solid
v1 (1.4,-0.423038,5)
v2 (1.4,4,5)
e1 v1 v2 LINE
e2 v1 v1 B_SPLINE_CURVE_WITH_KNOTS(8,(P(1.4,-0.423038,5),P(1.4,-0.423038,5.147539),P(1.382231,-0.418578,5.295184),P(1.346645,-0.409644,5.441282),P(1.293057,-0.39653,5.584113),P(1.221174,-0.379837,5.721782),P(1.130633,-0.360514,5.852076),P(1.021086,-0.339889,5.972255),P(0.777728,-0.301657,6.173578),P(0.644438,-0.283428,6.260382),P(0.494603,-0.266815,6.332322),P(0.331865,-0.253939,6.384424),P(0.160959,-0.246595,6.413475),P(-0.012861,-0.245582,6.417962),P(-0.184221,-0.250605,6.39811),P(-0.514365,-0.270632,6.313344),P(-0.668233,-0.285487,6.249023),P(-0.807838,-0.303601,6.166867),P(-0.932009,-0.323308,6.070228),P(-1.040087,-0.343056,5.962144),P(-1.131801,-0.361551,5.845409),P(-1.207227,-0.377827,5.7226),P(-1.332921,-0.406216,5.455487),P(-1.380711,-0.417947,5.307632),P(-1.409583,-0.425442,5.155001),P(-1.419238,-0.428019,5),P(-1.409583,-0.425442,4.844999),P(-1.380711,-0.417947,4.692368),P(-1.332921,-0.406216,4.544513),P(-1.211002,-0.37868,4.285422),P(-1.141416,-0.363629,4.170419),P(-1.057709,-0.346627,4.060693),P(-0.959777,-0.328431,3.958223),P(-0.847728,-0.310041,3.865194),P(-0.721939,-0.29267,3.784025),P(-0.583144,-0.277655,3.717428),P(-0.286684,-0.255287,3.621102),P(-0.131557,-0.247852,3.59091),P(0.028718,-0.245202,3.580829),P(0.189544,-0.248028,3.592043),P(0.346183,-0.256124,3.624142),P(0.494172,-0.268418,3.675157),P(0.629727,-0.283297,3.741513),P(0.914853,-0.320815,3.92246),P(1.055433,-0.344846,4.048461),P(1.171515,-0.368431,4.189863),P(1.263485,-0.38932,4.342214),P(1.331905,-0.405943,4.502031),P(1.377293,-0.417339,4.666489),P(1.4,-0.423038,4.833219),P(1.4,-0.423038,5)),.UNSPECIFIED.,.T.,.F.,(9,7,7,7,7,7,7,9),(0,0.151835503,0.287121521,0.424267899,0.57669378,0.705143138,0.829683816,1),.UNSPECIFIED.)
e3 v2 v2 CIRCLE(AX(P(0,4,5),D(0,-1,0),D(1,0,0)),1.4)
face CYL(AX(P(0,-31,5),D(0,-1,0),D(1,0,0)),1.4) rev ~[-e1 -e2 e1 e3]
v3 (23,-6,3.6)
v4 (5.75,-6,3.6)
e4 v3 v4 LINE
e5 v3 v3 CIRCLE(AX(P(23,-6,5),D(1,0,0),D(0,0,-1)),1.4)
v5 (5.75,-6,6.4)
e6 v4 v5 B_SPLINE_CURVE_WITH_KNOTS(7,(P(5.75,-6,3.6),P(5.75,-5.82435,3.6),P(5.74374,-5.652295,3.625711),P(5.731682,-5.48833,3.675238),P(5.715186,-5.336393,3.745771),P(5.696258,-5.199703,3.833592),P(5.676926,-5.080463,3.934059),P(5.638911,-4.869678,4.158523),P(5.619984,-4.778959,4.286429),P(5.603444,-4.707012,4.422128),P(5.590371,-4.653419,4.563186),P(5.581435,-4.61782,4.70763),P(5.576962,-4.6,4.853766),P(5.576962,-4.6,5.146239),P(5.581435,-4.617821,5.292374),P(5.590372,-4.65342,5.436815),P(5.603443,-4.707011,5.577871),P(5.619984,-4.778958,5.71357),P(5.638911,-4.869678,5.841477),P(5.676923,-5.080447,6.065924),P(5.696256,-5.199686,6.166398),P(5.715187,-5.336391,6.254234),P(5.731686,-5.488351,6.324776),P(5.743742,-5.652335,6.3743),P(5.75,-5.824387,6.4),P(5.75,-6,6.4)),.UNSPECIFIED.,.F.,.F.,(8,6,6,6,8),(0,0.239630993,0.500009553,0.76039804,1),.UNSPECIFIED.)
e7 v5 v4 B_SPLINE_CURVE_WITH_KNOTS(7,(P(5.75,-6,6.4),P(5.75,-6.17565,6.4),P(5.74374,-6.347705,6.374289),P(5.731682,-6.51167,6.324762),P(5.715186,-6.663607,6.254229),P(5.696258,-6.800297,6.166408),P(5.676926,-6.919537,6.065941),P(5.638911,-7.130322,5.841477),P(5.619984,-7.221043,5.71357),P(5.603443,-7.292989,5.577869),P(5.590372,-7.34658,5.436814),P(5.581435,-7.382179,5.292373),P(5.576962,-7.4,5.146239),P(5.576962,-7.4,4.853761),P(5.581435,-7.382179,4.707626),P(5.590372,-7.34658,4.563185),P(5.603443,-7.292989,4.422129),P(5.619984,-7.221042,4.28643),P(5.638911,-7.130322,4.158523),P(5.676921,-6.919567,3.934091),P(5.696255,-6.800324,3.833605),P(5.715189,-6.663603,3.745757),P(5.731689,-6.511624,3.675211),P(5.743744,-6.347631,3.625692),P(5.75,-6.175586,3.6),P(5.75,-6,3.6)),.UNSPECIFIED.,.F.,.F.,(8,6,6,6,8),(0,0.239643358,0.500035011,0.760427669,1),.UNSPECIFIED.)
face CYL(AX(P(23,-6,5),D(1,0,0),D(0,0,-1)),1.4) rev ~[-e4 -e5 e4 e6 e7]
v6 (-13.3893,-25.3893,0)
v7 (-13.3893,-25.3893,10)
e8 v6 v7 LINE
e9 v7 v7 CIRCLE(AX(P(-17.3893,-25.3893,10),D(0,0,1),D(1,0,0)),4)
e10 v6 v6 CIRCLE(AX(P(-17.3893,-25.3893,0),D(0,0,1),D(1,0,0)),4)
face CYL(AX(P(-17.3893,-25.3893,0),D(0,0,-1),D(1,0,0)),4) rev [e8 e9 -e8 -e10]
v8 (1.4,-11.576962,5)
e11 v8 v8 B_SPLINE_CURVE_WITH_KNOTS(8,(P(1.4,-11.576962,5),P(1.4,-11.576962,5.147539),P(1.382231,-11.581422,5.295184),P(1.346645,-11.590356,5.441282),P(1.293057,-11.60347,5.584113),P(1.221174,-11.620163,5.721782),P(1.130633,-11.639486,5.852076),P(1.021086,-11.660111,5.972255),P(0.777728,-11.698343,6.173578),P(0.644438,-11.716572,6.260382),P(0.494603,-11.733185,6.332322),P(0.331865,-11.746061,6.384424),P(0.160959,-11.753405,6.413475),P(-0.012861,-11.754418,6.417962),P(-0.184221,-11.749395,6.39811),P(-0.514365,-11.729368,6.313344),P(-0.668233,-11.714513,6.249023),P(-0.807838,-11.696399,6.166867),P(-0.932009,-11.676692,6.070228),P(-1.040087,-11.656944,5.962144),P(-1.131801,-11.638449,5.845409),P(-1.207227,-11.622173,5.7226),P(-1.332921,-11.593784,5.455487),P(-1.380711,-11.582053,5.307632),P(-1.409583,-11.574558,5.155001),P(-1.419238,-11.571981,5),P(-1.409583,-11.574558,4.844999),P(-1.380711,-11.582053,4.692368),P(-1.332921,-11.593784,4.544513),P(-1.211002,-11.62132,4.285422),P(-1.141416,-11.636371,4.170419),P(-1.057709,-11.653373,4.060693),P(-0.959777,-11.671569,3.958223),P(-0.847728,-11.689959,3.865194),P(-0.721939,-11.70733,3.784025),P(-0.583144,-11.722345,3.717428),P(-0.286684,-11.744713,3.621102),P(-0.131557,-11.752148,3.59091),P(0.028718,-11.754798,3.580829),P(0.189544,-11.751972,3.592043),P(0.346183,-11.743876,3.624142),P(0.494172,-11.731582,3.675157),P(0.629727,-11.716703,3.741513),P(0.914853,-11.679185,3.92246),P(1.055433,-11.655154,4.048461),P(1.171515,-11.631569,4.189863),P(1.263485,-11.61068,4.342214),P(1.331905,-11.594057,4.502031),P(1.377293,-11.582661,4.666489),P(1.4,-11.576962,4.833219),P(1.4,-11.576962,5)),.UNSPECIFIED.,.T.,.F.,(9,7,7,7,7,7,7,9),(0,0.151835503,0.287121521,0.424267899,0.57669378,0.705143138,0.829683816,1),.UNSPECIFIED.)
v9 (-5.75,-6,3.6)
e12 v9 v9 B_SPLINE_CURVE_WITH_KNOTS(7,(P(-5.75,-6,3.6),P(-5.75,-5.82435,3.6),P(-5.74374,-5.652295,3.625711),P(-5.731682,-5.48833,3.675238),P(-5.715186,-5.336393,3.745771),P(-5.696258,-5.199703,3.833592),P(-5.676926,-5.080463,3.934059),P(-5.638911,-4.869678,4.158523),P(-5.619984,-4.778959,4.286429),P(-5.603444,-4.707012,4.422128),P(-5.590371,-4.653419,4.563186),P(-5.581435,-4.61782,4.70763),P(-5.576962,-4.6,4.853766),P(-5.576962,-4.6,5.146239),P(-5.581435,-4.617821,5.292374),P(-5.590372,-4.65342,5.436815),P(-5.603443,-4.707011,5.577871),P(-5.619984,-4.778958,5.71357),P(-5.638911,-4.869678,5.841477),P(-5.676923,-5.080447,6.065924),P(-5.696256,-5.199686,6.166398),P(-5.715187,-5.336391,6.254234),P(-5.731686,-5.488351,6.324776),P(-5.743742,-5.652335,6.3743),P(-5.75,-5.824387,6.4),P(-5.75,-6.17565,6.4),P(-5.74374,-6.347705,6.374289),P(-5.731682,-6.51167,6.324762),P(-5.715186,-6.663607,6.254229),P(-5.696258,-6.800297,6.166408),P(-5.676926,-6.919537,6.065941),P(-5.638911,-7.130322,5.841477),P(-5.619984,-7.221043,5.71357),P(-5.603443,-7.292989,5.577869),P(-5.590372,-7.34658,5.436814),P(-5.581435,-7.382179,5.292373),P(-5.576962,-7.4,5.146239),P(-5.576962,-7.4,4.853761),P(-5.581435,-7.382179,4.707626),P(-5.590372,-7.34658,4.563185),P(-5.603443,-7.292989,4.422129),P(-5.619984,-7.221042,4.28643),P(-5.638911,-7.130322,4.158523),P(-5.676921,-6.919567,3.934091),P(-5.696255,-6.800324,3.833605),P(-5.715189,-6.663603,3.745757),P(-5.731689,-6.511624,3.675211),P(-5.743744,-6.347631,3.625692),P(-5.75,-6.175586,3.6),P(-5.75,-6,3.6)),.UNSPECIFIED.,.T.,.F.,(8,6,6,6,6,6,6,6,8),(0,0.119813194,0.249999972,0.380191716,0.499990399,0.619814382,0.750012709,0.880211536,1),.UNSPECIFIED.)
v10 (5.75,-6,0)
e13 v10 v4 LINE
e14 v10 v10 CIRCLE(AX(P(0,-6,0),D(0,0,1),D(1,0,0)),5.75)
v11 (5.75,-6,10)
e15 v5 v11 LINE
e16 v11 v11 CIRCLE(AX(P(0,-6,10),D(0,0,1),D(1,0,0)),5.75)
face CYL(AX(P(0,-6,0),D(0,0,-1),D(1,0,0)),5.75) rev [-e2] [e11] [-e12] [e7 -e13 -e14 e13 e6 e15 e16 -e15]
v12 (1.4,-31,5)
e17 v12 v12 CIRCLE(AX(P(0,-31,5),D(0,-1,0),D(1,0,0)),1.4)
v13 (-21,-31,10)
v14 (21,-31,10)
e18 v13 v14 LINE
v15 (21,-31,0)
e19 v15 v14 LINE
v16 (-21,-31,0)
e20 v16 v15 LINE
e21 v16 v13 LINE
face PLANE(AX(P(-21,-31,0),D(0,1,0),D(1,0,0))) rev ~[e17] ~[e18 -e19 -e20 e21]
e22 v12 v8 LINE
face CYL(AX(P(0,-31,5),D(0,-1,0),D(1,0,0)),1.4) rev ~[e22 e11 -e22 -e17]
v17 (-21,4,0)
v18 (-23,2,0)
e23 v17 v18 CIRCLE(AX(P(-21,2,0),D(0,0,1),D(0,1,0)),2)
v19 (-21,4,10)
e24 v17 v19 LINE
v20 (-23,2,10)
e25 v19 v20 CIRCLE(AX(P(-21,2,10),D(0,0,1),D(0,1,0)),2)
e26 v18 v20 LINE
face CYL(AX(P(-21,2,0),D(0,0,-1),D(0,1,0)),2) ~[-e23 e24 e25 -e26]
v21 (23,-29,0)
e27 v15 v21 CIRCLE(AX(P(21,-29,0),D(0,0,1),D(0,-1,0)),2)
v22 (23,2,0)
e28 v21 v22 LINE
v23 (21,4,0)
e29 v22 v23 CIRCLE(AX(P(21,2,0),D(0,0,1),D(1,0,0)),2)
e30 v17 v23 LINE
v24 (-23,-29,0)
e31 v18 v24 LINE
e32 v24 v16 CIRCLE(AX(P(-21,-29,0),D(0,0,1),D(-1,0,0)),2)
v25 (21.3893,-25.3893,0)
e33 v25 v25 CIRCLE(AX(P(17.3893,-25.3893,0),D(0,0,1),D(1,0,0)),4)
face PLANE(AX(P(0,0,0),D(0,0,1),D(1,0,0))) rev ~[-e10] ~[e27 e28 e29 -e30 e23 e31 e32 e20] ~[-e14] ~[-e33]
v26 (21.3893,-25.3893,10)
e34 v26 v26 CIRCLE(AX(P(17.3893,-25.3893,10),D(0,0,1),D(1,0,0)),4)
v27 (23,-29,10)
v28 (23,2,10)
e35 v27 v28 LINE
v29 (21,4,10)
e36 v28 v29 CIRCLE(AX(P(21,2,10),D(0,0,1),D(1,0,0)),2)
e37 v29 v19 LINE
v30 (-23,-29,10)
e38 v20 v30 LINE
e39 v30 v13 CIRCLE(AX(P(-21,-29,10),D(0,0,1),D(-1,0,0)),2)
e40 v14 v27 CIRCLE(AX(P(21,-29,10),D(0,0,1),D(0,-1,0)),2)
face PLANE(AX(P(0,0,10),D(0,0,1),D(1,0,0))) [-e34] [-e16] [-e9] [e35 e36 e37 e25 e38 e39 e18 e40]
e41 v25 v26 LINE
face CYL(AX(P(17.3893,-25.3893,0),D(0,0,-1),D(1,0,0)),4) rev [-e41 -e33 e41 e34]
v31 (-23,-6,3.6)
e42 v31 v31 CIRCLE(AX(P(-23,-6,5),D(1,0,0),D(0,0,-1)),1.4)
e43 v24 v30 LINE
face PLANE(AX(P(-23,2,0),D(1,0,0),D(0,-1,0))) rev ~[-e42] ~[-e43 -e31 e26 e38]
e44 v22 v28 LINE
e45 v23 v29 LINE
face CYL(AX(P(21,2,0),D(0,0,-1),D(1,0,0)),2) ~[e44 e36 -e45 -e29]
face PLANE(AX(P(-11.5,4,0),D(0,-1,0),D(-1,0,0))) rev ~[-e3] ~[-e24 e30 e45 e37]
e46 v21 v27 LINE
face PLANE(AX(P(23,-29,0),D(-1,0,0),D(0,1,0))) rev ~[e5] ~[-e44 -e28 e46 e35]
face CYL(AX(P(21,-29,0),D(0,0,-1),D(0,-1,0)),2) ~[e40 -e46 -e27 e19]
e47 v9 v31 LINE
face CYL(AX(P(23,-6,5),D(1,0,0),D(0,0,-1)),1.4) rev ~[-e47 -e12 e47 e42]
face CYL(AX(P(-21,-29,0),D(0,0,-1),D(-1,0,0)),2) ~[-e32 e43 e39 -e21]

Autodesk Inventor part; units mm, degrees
ref_plane "YZ Plane" through (0, 0, 0) normal (1, 0, 0) x (0, 1, 0)
ref_plane "XZ Plane" through (0, 0, 0) normal (0, 1, 0) x (-1, 0, 0)
ref_plane "XY Plane" through (0, 0, 0) normal (0, 0, 1) x (1, 0, 0)
ref_plane "Arbeitsebene1" through (0, 0, 0) normal (0, 0, 1) x (1, 0, 0)
sketch "Skizze1" plane through (0, 0, 0) normal (0, 0, 1) x (1, 0, 0)
  circle A0 centre (17.3893, 23.3893) radius 1.4 projected
  circle A1 centre (-17.3893, -25.3893) radius 1.4 projected
  circle A2 centre (17.3893, -25.3893) radius 1.4 projected
  circle A3 centre (-17.3893, 23.3893) radius 1.4 projected
  arc A4 (21, -31) -> (23, -29) centre (21, -29) ccw projected
  line L0 (23, -29) -> (23, 29) projected
  line L1 (11.5, 29) -> (23, 29) projected
  line L2 (11.5, 29) -> (11.5, -19) projected
  line L3 (11.5, -19) -> (-11.5, -19) projected
  line L4 (-11.5, -19) -> (-11.5, 29) projected
  line L5 (-23, 29) -> (-11.5, 29) projected
  line L6 (-23, 29) -> (-23, -29) projected
  arc A5 (-23, -29) -> (-21, -31) centre (-21, -29) ccw projected
  line L7 (-21, -31) -> (21, -31) projected
  circle A6 centre (-17.3893, -25.3893) radius 4
  circle A7 centre (17.3893, -25.3893) radius 4
  line L8 (-21, -31) -> (21, -31)
  line L9 (23, -29) -> (23, 2)
  line L10 (21, 4) -> (-21, 4)
  line L11 (-23, 2) -> (-23, -29)
  circle A8 centre (0, -6) radius 5.75
  arc A9 (-21, 4) -> (-23, 2) centre (-21, 2) ccw
  arc A10 (23, 2) -> (21, 4) centre (21, 2) ccw
  arc A11 (21, -31) -> (23, -29) centre (21, -29) ccw
  arc A12 (-23, -29) -> (-21, -31) centre (-21, -29) ccw
  point P0 (0, 0)
  point P1 (23, 4)
  dimension "d0" = 8
  dimension "d1" = 8
  dimension "d2" = 11.5
  dimension "d3" = 25
  dimension "d4" = 35
  dimension "d5" = 0
  dimension "d6" = 2
extrude "Extrusion1" add sketch "Skizze1" along normal blind 10 contours L7 A5 L6 A9 L10 L4 L3 L2 A10 L0 A4 | L2 L3 L4 L10
sketch "Skizze2" plane through (23, -29, 0) normal (1, 0, 0) x (0, 0, -1)
  line L0 (-10, 17.25) -> (0, 17.25) projected
  line L1 (-10, 28.75) -> (0, 28.75) projected
  line L2 (-10, 0) -> (-10, 31) projected
  line L3 (0, 0) -> (0, 31) projected
  circle A0 centre (-5, 23) radius 1.4
  point P0 (0, 29)
  dimension "d9" = 2.8
  dimension "d10" = 5.75
extrude "Extrusion2" cut sketch "Skizze2" against normal through all contours A0
sketch "Skizze3" plane through (-21, -31, 0) normal (0, -1, 0) x (1, 0, 0)
  line L0 (15.25, 10) -> (15.25, 0) projected
  line L1 (26.75, 10) -> (26.75, 0) projected
  circle A0 centre (21, 5) radius 1.4
  point P0 (21, 0)
  dimension "d13" = 2.8
extrude "Extrusion3" cut sketch "Skizze3" against normal through all
properties part number "Anglerfish_coverslipclamp_lampclamp"
